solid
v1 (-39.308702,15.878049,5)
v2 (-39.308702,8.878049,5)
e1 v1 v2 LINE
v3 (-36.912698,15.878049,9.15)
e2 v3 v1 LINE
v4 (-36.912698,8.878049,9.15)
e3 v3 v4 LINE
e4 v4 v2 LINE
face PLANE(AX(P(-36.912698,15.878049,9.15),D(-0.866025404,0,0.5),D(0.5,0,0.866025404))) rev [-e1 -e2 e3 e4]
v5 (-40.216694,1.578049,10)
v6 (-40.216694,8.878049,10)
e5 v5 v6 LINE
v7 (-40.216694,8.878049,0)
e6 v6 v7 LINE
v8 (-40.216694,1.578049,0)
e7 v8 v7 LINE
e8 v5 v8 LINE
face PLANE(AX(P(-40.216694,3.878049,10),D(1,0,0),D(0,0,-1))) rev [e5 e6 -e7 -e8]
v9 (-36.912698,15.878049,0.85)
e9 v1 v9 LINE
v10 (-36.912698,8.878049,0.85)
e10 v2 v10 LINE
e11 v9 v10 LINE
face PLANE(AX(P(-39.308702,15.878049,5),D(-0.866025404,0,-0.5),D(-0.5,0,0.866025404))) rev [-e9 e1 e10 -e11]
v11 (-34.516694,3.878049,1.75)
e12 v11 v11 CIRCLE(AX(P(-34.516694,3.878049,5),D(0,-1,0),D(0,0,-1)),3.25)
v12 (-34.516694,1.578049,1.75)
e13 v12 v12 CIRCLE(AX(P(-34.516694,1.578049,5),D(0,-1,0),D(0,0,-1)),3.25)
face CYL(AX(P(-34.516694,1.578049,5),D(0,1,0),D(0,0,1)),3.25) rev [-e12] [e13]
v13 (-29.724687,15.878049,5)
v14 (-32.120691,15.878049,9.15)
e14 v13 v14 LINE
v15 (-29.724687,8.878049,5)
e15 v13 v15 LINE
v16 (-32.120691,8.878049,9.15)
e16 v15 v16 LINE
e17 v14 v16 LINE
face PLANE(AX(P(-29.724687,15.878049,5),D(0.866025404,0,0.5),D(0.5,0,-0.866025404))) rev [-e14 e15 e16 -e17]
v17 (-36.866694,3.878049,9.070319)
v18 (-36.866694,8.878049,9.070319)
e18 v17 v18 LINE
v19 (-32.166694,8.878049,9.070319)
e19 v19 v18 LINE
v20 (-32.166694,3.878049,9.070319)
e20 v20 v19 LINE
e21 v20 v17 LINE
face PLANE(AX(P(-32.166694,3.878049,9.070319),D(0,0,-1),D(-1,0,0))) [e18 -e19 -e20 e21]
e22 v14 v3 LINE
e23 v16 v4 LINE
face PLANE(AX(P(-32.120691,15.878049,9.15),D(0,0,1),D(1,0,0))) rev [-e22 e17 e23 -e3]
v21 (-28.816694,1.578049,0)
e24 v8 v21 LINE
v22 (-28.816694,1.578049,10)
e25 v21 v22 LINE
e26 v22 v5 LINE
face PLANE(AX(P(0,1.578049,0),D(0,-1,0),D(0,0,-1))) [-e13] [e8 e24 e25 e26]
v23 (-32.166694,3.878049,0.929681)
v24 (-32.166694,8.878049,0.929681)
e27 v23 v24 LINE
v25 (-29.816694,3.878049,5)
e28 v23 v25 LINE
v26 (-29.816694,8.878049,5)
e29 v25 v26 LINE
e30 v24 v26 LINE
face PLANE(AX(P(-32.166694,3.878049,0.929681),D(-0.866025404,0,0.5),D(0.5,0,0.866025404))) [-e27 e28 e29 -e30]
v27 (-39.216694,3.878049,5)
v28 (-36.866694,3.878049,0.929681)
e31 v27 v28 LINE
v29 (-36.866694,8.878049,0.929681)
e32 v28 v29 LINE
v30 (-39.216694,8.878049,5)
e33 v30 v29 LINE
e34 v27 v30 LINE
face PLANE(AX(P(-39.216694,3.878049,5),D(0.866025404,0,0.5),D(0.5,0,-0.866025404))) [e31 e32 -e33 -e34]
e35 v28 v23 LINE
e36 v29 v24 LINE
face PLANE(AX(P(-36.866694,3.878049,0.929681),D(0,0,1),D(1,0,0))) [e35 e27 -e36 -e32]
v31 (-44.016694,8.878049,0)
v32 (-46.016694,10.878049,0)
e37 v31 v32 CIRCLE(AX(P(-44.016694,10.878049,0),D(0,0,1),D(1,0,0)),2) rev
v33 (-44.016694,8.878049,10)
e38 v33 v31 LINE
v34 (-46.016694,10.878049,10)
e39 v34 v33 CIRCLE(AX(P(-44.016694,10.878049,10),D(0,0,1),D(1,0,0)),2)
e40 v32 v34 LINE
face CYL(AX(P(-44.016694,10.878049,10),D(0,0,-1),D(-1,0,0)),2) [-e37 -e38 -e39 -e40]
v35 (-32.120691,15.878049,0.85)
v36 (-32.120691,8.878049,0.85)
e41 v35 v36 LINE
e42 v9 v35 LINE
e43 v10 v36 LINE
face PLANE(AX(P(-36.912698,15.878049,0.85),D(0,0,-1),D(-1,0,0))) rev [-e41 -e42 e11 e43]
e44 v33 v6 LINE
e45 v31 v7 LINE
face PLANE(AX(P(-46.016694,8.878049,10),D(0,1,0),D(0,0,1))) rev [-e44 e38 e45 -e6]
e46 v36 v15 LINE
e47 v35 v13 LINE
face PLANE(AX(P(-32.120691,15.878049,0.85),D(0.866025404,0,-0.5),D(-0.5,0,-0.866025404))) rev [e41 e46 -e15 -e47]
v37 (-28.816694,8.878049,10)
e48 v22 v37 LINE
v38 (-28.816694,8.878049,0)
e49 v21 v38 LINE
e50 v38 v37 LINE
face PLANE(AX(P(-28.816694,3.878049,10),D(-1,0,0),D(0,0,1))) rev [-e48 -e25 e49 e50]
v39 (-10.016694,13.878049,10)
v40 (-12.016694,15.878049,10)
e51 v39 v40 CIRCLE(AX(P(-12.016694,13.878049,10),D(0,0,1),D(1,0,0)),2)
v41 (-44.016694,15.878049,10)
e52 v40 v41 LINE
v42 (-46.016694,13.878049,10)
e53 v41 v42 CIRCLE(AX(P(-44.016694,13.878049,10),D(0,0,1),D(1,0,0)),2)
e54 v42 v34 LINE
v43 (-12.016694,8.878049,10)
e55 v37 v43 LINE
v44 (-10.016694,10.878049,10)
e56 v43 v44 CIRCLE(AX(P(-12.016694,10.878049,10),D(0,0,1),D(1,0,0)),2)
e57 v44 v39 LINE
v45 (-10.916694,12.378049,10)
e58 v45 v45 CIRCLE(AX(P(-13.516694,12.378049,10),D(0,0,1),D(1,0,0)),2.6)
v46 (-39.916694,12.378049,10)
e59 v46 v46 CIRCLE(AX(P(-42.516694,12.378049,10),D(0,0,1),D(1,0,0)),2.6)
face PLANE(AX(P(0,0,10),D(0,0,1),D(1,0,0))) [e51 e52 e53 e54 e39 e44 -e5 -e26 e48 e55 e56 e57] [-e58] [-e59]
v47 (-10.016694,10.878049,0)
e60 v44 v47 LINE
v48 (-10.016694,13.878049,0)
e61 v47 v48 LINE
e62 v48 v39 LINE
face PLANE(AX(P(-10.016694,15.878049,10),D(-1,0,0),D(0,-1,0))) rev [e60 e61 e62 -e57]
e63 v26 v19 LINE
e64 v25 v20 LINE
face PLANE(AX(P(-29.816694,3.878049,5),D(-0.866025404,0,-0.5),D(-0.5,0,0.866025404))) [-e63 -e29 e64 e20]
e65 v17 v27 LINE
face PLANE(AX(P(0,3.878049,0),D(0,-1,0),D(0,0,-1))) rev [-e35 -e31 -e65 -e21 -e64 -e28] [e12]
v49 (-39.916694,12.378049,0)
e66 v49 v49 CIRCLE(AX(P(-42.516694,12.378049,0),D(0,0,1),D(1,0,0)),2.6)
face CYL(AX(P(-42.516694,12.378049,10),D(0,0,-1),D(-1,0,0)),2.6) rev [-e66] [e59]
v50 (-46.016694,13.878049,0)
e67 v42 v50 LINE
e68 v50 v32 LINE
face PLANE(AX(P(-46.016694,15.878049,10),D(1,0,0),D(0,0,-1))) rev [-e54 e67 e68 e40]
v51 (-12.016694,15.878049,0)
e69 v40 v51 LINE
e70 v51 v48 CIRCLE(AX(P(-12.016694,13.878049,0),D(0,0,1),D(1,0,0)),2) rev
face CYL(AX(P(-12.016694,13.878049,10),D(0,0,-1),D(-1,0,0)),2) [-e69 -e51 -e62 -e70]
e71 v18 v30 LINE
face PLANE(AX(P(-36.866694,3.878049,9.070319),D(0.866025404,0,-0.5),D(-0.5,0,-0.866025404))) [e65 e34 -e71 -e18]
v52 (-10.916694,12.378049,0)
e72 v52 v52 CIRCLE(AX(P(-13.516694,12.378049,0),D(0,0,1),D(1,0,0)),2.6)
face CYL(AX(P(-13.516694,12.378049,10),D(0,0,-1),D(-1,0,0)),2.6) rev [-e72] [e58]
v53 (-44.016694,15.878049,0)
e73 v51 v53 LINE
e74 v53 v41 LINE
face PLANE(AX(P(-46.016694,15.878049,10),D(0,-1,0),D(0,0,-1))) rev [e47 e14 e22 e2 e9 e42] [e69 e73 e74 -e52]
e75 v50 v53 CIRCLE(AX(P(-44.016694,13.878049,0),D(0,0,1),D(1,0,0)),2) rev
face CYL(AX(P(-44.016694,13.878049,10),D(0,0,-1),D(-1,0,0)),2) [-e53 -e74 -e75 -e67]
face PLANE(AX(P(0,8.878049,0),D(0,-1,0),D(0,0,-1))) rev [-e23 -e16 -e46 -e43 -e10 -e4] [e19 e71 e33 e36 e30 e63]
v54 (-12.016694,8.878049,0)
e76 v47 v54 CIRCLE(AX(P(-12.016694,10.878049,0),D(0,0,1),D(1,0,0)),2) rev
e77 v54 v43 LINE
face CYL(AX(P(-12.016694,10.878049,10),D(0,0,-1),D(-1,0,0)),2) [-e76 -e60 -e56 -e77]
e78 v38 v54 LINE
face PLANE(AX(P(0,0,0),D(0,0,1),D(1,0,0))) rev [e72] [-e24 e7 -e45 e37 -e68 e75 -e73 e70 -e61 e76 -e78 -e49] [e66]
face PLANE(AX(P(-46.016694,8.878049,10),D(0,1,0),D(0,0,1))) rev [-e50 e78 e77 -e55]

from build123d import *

# Parameters (mm, degrees)
CROQUIS1_W              = 36
CROQUIS1_H              = 7
CROQUIS1_R              = 2.6
SALIENTE_EXTRUIR1_DEPTH = 10
CORTAR_EXTRUIR1_DEPTH   = 7
CROQUIS4_W              = 11.4
CROQUIS4_H              = 10
SALIENTE_EXTRUIR2_DEPTH = 5
REDONDEO1_R             = 2
CROQUIS5_W              = 11.4
CROQUIS5_H              = 10
CROQUIS5_R              = 3.25
SALIENTE_EXTRUIR3_DEPTH = 2.3


with BuildPart() as part:
    # Croquis1 → Saliente-Extruir1 (new body)
    with BuildSketch(Plane.XY):
        with Locations((-28.016694491, 12.37804878)):
            Rectangle(CROQUIS1_W, CROQUIS1_H)
        with Locations((-42.516694491, 12.37804878)):
            Circle(CROQUIS1_R, mode=Mode.SUBTRACT)
        with Locations((-13.516694491, 12.37804878)):
            Circle(CROQUIS1_R, mode=Mode.SUBTRACT)
    extrude(amount=SALIENTE_EXTRUIR1_DEPTH)

    # Croquis2 → Cortar-Extruir1 (cut)
    with BuildSketch(Plane.XZ.offset(-8.87804878)):
        Polygon((-29.724687257, 5), (-32.120690874, 9.15), (-36.912698108, 9.15), (-39.308701725, 5), (-36.912698108, 0.85), (-32.120690874, 0.85), align=None)
    extrude(amount=-CORTAR_EXTRUIR1_DEPTH, mode=Mode.SUBTRACT)

    # Croquis4 → Saliente-Extruir2 (add)
    with BuildSketch(Plane.XZ.offset(-8.87804878)):
        with Locations((-34.516694491, 5)):
            Rectangle(CROQUIS4_W, CROQUIS4_H)
        Polygon((-29.816694491, 5), (-32.166694491, 9.070319398), (-36.866694491, 9.070319398), (-39.216694491, 5), (-36.866694491, 0.929680602), (-32.166694491, 0.929680602), align=None, mode=Mode.SUBTRACT)
    extrude(amount=SALIENTE_EXTRUIR2_DEPTH)

    # Redondeo1
    redondeo1_edges = [part.edges().sort_by_distance(p)[0] for p in [
        (-10.016694491, 15.87804878, 5),
        (-10.016694491, 8.87804878, 5),
        (-46.016694491, 8.87804878, 5),
        (-46.016694491, 15.87804878, 5),
    ]]
    fillet(redondeo1_edges, radius=REDONDEO1_R)

    # Croquis5 → Saliente-Extruir3 (add)
    with BuildSketch(Plane.XZ.offset(-3.87804878)):
        with Locations((-34.516694491, 5)):
            Rectangle(CROQUIS5_W, CROQUIS5_H)
        with Locations(Location((-34.516694491, 5, 0), (0, 0, 270))):
            Circle(CROQUIS5_R, mode=Mode.SUBTRACT)
    extrude(amount=SALIENTE_EXTRUIR3_DEPTH)


solid = part.part
